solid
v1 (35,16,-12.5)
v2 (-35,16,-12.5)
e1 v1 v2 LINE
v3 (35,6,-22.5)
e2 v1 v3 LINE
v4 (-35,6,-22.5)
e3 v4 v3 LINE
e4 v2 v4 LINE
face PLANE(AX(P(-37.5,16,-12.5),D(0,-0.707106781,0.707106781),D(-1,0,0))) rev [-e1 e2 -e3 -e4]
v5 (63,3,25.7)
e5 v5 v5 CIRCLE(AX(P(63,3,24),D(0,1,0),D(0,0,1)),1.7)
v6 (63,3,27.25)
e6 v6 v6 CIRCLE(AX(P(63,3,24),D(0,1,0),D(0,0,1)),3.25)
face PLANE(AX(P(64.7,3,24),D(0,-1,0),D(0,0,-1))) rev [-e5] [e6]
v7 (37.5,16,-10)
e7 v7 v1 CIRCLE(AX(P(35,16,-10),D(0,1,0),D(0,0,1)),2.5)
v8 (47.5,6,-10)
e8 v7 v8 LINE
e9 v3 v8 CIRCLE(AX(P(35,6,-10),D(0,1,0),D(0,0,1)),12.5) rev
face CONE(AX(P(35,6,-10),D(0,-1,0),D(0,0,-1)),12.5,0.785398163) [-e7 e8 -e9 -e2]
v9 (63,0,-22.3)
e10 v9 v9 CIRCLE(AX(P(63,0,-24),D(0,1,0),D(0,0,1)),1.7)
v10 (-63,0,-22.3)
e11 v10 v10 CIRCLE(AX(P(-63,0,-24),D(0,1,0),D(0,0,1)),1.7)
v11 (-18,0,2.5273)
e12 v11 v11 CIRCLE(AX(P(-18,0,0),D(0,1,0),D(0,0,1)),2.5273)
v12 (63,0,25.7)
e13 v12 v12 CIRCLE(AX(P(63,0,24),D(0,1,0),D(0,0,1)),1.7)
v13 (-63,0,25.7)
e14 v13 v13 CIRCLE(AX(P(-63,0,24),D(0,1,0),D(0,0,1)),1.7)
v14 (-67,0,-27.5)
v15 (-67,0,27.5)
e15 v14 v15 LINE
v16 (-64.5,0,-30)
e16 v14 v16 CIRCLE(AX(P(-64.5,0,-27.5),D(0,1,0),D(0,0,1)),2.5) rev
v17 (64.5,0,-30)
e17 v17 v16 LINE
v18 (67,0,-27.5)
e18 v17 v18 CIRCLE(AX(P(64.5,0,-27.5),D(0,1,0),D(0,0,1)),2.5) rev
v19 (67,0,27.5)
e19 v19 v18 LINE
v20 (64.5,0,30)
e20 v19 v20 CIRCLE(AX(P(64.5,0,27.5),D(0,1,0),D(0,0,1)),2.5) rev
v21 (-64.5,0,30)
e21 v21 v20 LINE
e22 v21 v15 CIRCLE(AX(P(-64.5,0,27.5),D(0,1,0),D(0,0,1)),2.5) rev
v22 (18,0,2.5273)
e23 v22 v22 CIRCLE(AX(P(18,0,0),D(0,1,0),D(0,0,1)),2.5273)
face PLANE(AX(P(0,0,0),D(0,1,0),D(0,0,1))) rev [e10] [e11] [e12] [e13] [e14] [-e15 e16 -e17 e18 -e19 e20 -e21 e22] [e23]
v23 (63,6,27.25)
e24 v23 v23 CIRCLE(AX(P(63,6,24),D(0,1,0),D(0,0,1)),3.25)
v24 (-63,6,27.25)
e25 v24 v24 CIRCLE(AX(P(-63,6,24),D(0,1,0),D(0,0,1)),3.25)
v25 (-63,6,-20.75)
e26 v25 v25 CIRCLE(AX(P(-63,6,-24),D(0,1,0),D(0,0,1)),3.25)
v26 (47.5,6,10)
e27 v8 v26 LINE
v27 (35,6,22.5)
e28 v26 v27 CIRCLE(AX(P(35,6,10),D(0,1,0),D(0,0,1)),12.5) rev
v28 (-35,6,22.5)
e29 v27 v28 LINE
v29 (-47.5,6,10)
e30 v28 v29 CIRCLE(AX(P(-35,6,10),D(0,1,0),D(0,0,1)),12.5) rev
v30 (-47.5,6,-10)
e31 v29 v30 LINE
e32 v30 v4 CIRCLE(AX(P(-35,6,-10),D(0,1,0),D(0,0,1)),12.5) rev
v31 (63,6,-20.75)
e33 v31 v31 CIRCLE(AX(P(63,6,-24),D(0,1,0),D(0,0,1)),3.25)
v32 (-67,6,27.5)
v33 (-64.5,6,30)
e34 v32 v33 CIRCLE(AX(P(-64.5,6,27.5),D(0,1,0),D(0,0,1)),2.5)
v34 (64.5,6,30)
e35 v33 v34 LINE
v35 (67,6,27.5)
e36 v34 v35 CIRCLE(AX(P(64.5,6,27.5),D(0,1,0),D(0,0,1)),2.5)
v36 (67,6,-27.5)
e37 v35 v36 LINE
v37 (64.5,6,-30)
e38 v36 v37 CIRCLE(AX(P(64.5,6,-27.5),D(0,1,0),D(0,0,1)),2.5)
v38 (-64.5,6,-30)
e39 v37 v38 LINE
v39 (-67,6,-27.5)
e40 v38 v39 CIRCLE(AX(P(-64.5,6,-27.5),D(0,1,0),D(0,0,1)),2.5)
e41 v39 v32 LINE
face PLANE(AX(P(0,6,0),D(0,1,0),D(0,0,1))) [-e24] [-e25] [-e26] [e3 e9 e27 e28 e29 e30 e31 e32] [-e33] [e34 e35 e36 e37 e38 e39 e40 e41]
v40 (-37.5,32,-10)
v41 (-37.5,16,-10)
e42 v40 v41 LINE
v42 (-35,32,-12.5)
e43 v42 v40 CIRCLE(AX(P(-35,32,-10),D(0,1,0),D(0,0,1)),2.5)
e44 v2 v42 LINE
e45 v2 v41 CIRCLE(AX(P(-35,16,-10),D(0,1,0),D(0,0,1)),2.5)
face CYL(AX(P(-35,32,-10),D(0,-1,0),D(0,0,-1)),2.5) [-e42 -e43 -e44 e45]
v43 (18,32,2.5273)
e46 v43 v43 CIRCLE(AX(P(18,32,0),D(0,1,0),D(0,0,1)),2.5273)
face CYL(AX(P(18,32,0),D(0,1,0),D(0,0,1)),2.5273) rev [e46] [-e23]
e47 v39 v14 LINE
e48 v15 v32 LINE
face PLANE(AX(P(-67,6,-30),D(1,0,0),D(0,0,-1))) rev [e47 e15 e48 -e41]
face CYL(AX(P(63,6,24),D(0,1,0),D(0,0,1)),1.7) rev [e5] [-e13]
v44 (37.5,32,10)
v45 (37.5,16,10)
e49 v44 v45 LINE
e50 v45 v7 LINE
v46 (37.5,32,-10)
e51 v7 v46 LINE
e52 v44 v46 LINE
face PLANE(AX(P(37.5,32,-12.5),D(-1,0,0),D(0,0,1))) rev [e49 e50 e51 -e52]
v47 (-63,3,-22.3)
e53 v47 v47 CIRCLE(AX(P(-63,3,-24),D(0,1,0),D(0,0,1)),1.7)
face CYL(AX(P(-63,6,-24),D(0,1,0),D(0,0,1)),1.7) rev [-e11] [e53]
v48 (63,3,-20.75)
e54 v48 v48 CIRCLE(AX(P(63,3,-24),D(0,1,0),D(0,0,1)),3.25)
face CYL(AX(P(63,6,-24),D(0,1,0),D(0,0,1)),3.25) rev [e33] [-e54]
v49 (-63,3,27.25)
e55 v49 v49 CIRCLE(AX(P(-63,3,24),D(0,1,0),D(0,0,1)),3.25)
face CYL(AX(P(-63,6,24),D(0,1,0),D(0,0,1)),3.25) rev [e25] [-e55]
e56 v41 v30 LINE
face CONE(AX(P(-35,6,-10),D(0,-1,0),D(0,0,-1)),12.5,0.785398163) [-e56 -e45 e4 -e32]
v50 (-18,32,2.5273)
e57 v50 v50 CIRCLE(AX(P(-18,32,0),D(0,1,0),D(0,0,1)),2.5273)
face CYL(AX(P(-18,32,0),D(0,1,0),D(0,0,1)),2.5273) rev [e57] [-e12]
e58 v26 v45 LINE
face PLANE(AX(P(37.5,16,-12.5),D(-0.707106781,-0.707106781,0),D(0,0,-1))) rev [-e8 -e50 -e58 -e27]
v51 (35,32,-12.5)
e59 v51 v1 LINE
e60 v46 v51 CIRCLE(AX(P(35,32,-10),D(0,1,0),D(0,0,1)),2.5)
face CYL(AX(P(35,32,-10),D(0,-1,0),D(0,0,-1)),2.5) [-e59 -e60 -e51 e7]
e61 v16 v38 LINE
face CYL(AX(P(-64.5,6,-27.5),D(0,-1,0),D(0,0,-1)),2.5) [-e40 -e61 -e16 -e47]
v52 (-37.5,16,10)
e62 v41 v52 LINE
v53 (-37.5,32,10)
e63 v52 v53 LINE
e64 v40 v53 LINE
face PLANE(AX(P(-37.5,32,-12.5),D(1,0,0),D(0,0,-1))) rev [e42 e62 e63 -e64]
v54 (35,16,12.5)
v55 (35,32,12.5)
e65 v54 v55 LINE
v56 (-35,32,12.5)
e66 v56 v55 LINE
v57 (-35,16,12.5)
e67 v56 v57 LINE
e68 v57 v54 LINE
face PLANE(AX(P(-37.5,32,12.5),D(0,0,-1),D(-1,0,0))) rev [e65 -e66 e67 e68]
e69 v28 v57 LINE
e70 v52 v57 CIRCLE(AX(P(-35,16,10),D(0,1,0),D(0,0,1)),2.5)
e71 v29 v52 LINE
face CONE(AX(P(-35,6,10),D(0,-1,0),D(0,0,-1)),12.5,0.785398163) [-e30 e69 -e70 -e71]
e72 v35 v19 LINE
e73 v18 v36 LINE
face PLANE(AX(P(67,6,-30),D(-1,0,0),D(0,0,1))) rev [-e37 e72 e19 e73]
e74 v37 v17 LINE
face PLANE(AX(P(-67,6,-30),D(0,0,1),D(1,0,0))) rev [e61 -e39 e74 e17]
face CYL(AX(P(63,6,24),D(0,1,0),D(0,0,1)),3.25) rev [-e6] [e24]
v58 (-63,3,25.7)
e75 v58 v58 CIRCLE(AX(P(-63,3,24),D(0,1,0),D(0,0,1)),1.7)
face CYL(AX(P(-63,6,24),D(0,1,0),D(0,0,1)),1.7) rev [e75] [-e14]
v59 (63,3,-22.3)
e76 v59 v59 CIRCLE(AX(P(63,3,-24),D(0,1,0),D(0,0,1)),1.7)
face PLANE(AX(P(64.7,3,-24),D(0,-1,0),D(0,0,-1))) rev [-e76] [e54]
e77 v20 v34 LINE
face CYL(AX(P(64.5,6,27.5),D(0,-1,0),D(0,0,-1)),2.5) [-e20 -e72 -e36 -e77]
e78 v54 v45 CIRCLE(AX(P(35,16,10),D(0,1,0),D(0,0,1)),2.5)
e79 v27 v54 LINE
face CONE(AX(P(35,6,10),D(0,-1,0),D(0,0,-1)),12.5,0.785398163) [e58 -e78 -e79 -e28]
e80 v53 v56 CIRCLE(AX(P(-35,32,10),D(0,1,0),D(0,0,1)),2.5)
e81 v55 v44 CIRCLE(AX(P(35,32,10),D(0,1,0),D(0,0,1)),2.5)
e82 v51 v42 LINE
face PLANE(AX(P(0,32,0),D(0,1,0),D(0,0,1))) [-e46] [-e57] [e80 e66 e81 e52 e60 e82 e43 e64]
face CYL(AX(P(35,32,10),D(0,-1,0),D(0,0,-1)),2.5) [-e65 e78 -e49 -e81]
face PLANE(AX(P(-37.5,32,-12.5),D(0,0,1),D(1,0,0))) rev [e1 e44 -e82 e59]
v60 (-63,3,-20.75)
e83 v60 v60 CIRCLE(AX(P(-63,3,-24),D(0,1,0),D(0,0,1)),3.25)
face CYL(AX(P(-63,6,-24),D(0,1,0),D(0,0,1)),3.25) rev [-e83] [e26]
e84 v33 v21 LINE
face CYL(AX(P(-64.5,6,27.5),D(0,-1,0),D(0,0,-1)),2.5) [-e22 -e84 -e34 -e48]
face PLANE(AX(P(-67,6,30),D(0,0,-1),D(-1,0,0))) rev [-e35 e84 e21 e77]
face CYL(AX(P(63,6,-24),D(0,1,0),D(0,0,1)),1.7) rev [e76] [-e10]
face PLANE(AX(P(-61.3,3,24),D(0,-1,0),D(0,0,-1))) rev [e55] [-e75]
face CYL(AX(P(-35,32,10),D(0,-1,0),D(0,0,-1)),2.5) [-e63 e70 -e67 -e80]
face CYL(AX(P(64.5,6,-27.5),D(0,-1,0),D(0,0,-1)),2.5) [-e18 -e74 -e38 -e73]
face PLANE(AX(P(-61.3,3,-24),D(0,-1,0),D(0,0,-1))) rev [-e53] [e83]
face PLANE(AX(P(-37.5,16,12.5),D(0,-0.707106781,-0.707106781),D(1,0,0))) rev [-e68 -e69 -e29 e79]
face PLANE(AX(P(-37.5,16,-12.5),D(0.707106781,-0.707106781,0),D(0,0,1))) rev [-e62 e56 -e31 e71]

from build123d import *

# Parameters (mm, degrees)
SKETCH1_W                      = 134
SKETCH1_H                      = 60
BOSS_EXTRUDE1_DEPTH            = 6
CBORE_FOR_M3_SHCS1_D           = 3.4
CBORE_FOR_M3_SHCS1_DEPTH       = 17.38
CBORE_FOR_M3_SHCS1_CBORE_D     = 6.5
CBORE_FOR_M3_SHCS1_CBORE_DEPTH = 3
CBORE_FOR_M3_SHCS1_TIP         = 1.021463052
SKETCH4_W                      = 75
SKETCH4_H                      = 25
BOSS_EXTRUDE2_DEPTH            = 26
F_8_0_199_DIAMETER_HOLE1_D     = 5.0546
FILLET1_R                      = 2.5
FILLET2_R                      = 2.5
CHAMFER1_SIZE                  = 10


with BuildPart() as part:
    # Sketch1 → Boss-Extrude1 (new body)
    with BuildSketch(Plane(origin=(0, 0, 0), x_dir=(1, 0, 0), z_dir=(0, 1, 0))):
        Rectangle(SKETCH1_W, SKETCH1_H)
    extrude(amount=BOSS_EXTRUDE1_DEPTH)

    # CBORE for M3 SHCS1
    with Locations(Plane(origin=(0, 6, 0), x_dir=(1, 0, 0), z_dir=(0, 1, 0))):
        with Locations((-63, 24), (-63, -24), (63, -24), (63, 24)):
            CounterBoreHole(CBORE_FOR_M3_SHCS1_D / 2, CBORE_FOR_M3_SHCS1_CBORE_D / 2, CBORE_FOR_M3_SHCS1_CBORE_DEPTH, depth=CBORE_FOR_M3_SHCS1_DEPTH)
            with Locations((0, 0, -(CBORE_FOR_M3_SHCS1_DEPTH + CBORE_FOR_M3_SHCS1_TIP / 2))):  # 118° drill point
                Cone(0, CBORE_FOR_M3_SHCS1_D / 2, CBORE_FOR_M3_SHCS1_TIP, mode=Mode.SUBTRACT)

    # Sketch4 → Boss-Extrude2 (add)
    with BuildSketch(Plane(origin=(0, 6, 0), x_dir=(1, 0, 0), z_dir=(0, 1, 0))):
        Rectangle(SKETCH4_W, SKETCH4_H)
    extrude(amount=BOSS_EXTRUDE2_DEPTH)

    # #8 (0.199) Diameter Hole1 (through all)
    with Locations(Plane(origin=(0, 32, 0), x_dir=(1, 0, 0), z_dir=(0, 1, 0))):
        with Locations((-18, 0), (18, 0)):
            Hole(F_8_0_199_DIAMETER_HOLE1_D / 2)

    # Fillet1
    fillet1_edges = [part.edges().sort_by_distance(p)[0] for p in [
        (67, 3, 30),
        (-67, 3, 30),
        (-67, 3, -30),
        (67, 3, -30),
    ]]
    fillet(fillet1_edges, radius=FILLET1_R)

    # Fillet2
    fillet2_edges = [part.edges().sort_by_distance(p)[0] for p in [
        (37.5, 19, 12.5),
        (37.5, 19, -12.5),
        (-37.5, 19, -12.5),
        (-37.5, 19, 12.5),
    ]]
    fillet(fillet2_edges, radius=FILLET2_R)

    # Chamfer1
    chamfer1_edges = [part.edges().sort_by_distance(p)[0] for p in [
        (37.5, 6, 0),
        (0, 6, 12.5),
        (-37.5, 6, 0),
        (36.767766953, 6, -11.767766953),
        (36.767766953, 6, 11.767766953),
        (-36.767766953, 6, 11.767766953),
        (-36.767766953, 6, -11.767766953),
        (0, 6, -12.5),
    ]]
    chamfer(chamfer1_edges, length=CHAMFER1_SIZE)


solid = part.part
